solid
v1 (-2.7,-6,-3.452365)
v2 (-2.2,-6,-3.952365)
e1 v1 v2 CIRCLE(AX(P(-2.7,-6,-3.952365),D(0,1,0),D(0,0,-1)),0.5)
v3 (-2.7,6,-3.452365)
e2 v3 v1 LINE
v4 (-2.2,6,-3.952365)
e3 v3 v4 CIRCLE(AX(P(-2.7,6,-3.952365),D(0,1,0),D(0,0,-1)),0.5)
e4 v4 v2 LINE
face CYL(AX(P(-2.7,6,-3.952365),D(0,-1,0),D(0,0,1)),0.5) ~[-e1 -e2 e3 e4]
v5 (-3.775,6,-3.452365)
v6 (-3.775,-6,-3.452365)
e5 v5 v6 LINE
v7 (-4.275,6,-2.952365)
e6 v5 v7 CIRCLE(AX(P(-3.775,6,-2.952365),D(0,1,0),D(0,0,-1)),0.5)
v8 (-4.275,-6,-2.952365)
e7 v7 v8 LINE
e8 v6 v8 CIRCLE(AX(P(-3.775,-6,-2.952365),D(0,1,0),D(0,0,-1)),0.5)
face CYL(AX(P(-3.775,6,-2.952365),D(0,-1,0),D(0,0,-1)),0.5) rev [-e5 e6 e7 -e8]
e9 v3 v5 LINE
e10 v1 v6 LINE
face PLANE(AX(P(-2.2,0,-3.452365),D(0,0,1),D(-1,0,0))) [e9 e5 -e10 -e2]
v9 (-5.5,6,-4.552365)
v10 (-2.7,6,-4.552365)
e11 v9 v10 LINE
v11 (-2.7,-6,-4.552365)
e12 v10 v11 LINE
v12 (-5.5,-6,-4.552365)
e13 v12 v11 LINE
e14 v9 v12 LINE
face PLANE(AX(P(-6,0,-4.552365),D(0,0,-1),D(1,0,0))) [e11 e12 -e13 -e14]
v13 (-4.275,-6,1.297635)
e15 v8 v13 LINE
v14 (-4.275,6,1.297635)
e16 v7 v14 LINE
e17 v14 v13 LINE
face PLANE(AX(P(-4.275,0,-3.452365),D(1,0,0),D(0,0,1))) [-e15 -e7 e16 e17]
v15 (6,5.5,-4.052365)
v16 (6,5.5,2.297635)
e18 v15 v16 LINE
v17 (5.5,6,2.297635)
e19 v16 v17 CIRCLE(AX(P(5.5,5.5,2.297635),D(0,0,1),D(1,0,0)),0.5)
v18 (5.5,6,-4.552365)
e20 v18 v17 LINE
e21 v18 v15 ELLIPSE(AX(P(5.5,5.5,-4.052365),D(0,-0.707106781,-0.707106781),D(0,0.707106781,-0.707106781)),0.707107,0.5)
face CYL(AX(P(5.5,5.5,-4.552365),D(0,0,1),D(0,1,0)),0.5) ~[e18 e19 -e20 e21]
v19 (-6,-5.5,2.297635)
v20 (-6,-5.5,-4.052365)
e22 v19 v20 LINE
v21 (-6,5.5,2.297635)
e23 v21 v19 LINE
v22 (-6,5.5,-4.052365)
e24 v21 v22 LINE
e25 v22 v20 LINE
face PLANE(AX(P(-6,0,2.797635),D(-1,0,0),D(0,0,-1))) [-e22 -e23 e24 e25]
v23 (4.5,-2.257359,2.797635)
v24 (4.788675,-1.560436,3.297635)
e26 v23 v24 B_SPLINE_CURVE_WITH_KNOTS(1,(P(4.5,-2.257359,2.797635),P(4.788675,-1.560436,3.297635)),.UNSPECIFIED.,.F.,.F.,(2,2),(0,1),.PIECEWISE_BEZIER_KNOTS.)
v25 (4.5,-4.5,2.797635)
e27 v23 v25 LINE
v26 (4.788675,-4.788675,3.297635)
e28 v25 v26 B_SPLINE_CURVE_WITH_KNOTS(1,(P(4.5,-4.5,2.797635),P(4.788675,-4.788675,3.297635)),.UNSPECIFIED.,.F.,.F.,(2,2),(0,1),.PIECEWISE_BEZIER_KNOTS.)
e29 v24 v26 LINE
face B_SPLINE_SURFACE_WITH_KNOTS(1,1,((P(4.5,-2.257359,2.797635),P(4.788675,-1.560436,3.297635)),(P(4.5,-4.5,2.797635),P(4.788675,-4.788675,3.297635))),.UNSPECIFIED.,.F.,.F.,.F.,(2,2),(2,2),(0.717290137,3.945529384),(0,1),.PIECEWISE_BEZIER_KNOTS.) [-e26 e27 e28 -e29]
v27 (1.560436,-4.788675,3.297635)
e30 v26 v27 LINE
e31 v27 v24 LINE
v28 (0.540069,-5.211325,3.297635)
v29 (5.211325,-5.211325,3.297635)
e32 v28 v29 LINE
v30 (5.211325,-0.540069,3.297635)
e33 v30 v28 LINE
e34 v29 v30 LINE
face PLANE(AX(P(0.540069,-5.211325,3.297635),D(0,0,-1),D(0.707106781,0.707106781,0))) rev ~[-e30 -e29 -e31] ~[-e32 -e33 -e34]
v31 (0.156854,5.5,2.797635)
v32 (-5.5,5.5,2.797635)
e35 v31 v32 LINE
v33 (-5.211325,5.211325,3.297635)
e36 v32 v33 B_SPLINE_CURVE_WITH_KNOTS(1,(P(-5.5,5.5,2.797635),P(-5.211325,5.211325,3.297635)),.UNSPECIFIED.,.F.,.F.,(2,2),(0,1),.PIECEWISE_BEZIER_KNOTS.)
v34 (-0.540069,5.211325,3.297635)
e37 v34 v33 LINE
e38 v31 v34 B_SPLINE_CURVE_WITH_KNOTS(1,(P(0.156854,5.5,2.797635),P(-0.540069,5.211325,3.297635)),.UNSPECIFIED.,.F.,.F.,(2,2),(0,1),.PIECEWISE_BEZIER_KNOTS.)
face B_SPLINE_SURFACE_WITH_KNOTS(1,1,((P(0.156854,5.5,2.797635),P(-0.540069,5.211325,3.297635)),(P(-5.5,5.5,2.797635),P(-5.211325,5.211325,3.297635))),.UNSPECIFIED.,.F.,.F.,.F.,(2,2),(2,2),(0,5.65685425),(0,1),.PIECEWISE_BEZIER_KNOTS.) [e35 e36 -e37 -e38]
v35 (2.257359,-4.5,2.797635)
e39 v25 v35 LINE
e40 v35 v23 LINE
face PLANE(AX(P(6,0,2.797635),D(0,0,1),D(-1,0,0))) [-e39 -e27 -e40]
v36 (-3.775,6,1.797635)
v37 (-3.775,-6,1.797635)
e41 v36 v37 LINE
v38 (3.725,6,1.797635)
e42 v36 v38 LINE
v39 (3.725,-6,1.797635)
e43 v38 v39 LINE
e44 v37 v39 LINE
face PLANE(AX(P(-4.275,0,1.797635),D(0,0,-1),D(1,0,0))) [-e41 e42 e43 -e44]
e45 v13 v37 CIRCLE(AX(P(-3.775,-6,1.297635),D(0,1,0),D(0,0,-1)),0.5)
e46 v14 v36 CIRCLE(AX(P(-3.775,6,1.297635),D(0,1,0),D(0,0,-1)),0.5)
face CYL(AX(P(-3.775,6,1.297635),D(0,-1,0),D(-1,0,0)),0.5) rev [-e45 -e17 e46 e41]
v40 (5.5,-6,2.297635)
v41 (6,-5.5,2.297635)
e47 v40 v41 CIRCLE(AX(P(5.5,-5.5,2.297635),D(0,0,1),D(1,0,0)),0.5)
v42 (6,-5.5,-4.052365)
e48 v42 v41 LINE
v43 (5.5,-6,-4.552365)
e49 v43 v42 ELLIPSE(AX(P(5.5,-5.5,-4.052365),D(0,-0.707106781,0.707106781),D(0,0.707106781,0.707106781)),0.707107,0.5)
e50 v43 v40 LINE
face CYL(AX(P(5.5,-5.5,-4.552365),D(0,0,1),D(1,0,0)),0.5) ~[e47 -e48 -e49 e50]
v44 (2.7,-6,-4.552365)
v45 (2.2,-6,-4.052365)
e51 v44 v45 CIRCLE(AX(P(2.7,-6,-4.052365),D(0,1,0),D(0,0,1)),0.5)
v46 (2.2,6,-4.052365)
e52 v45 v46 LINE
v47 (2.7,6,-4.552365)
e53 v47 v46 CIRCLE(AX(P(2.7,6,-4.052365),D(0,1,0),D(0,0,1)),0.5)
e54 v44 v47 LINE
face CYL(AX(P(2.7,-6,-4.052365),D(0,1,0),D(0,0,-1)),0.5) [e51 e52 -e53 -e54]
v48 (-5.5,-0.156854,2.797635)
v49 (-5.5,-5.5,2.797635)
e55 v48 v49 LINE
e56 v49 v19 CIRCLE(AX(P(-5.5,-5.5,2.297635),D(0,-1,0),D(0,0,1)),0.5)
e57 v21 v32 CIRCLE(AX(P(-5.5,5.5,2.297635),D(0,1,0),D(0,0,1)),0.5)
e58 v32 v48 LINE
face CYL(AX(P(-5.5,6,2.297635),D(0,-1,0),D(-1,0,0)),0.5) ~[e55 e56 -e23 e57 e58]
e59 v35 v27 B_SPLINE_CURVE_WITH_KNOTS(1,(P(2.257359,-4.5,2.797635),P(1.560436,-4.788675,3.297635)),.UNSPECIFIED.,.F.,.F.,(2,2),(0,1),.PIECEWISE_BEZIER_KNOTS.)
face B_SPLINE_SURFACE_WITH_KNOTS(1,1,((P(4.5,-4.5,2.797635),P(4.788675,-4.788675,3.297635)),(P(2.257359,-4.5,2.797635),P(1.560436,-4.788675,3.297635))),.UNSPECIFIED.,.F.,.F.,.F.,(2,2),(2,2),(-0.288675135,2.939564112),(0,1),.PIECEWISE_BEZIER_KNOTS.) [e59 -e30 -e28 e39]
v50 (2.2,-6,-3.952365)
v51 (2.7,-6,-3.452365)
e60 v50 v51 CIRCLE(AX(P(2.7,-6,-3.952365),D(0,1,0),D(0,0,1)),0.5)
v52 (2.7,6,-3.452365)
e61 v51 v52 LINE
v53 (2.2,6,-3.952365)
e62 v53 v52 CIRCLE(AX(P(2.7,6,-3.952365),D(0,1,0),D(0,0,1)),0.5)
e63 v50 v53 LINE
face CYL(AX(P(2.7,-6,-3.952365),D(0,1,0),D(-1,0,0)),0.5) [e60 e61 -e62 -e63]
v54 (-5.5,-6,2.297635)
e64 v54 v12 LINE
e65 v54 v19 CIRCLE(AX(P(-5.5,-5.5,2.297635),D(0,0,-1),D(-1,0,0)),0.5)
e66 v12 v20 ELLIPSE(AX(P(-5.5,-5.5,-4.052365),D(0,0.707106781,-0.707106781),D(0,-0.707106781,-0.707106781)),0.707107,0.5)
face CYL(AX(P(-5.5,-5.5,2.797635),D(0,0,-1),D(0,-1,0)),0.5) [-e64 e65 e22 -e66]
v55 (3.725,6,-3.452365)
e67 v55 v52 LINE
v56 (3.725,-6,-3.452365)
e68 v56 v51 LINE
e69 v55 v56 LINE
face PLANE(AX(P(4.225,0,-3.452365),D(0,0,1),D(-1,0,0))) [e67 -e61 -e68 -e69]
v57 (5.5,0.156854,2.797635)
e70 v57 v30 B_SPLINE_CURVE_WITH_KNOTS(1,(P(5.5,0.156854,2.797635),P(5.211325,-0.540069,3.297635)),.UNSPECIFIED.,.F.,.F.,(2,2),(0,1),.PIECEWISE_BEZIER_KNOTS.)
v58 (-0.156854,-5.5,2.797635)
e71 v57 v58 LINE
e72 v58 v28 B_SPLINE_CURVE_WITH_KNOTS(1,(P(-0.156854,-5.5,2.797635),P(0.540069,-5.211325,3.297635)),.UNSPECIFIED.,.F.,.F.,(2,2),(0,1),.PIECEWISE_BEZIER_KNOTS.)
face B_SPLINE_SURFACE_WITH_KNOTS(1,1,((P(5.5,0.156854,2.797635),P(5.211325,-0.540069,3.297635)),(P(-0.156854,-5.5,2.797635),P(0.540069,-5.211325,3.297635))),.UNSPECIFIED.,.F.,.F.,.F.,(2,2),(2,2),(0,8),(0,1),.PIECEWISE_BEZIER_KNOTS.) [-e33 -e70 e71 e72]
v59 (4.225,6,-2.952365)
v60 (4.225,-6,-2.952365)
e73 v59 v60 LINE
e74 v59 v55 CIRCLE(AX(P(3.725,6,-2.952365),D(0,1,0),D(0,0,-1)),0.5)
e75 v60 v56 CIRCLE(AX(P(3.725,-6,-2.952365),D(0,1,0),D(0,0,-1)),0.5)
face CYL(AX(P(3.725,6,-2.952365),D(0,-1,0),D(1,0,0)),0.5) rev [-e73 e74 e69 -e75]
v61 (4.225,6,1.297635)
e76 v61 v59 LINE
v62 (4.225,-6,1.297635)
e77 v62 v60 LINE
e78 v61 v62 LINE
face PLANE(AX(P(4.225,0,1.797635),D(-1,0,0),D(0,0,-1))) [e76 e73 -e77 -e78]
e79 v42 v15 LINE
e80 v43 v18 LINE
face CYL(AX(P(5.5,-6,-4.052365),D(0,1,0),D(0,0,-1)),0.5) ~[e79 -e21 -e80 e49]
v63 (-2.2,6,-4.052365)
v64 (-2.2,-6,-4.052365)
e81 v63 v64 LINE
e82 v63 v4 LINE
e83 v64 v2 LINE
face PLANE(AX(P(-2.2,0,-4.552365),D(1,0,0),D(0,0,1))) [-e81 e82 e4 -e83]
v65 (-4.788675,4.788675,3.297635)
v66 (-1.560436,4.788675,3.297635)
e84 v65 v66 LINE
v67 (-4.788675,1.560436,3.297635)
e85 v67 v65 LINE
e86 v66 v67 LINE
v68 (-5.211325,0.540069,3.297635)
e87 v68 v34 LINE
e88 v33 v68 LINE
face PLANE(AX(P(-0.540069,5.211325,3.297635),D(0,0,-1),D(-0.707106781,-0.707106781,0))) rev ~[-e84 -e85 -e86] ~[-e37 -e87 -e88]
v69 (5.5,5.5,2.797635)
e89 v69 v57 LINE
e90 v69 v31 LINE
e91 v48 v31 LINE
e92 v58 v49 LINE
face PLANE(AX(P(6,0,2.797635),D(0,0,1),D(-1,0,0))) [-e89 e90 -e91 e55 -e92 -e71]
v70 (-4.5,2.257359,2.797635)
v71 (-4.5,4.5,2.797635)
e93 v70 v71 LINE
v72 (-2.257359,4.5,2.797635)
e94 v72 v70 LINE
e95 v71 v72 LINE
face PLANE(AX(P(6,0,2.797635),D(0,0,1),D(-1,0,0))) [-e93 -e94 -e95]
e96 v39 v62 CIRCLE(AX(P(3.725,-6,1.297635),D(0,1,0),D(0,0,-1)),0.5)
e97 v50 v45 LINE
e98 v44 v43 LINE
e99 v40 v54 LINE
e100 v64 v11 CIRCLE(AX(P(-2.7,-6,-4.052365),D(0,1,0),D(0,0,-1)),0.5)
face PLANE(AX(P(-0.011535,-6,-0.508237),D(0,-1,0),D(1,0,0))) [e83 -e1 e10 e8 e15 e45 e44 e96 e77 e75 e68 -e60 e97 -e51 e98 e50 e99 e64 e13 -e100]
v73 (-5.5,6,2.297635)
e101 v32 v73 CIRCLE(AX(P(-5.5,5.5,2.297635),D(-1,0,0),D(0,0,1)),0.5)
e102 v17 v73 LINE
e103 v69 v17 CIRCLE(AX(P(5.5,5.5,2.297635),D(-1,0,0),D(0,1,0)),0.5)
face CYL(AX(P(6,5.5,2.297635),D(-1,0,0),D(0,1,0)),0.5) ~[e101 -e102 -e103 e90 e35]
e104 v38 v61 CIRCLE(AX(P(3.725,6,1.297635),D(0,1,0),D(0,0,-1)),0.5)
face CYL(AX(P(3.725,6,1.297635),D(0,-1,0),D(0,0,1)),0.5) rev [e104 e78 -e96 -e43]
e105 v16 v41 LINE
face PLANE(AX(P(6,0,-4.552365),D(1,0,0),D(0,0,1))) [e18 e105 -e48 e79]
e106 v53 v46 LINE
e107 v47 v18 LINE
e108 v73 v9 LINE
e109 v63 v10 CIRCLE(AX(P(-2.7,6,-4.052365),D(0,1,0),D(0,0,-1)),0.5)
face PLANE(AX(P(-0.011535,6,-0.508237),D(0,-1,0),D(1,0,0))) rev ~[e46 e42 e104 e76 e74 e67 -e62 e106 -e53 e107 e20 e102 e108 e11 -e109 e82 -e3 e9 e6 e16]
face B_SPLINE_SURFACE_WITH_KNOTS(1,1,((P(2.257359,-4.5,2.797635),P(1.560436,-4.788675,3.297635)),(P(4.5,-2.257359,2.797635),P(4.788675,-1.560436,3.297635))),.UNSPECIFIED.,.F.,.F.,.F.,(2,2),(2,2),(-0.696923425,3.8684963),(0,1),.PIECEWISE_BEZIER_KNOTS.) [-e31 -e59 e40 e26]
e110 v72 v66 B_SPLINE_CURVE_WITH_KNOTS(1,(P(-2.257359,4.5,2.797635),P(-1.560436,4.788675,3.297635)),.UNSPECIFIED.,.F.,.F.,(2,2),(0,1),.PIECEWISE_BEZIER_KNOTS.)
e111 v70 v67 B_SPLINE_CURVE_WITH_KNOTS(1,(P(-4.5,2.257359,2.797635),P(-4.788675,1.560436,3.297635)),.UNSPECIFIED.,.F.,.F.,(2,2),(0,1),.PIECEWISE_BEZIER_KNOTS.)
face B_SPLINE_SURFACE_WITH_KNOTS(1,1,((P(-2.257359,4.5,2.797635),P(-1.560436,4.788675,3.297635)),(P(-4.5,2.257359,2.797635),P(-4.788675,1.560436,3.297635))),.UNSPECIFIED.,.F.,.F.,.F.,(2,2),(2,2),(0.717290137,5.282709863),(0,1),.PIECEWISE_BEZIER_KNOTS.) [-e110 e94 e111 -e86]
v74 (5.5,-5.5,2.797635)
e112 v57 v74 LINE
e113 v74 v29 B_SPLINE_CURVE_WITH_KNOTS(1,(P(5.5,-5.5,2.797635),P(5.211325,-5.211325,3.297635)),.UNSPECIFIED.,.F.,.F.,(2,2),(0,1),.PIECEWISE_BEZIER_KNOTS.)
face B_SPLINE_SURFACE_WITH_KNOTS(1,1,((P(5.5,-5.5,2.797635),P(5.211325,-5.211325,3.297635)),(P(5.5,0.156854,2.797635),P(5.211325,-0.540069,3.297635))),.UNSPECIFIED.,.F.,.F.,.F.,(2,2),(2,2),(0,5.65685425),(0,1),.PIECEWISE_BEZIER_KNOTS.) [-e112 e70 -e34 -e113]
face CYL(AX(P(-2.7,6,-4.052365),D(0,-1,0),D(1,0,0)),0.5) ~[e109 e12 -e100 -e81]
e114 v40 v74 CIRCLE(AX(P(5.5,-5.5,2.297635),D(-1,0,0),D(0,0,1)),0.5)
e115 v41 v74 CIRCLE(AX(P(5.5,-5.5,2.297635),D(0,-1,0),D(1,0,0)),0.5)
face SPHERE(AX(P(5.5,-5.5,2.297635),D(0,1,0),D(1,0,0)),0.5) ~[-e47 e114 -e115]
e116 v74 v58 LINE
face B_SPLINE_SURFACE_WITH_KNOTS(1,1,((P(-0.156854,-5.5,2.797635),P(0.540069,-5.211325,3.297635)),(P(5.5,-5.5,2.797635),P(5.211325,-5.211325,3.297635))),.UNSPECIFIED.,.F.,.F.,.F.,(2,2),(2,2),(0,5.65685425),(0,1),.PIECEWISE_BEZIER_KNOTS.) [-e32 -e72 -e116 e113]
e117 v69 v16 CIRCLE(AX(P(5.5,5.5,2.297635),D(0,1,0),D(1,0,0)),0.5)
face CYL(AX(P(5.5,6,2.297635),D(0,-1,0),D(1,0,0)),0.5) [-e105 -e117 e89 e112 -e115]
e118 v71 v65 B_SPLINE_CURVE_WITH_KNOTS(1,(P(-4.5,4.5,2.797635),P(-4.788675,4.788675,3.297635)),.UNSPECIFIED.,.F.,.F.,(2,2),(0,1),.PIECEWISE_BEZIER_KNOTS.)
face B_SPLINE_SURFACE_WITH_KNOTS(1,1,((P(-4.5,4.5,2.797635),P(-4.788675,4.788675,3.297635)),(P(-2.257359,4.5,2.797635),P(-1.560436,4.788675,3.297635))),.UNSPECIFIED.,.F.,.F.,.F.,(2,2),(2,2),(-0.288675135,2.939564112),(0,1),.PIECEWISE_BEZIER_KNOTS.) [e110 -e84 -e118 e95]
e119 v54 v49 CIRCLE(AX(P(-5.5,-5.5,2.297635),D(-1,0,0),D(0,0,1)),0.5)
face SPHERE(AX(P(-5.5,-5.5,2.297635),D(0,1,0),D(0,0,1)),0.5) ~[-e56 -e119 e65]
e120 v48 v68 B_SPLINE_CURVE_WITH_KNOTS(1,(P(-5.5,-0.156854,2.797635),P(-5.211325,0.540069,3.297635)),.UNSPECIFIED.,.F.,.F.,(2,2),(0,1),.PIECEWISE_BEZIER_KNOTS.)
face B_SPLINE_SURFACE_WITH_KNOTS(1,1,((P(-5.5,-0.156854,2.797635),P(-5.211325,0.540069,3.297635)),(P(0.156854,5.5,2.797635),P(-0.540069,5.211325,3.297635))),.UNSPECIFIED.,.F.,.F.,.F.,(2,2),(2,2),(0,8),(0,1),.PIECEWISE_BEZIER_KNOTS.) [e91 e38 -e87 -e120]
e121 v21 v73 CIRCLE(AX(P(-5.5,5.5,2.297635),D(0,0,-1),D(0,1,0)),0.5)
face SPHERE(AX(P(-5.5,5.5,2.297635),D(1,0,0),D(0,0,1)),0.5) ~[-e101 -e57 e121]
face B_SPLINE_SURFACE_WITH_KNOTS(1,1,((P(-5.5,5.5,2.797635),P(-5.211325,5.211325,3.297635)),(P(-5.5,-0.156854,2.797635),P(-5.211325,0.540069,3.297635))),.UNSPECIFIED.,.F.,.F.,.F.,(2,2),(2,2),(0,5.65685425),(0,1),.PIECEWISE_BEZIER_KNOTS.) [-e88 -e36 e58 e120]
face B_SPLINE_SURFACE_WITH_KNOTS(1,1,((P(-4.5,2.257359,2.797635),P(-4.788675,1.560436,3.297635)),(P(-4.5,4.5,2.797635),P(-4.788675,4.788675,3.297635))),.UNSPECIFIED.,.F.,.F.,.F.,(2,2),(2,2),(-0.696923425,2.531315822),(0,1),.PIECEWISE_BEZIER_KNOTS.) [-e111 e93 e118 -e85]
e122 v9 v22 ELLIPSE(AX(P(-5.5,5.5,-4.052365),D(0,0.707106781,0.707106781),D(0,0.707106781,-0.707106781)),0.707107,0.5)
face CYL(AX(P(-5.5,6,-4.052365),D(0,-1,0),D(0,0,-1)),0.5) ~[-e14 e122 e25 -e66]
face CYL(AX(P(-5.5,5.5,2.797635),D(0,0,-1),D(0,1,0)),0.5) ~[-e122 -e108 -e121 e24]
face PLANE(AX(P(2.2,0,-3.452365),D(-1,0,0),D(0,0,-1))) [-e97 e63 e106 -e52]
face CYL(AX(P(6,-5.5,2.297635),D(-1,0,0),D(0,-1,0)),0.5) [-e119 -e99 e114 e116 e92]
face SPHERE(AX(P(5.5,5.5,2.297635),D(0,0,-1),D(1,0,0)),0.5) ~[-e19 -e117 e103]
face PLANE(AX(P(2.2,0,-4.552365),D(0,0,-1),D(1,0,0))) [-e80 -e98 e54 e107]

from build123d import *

# Parameters (mm, degrees)
F1_DEPTH = 6
F2_R     = 0.5
F3_R     = 0.5
F5_DEPTH = 0.5
F5_TAPER = 30
F6_R     = 0.5


with BuildPart() as f1:
    # F0 (on Front) → F1 (new body, symmetric)
    with BuildSketch(Plane.XZ):
        Polygon((6, -4.5523648744), (6, 2.7976351256), (-6, 2.7976351256), (-6, -4.5523648744), (-2.2, -4.5523648744), (-2.2, -3.4523648744), (-4.275, -3.4523648744), (-4.275, 1.7976351256), (4.225, 1.7976351256), (4.225, -3.4523648744), (2.2, -3.4523648744), (2.2, -4.5523648744), align=None)
    extrude(amount=F1_DEPTH, both=True)

    # F2
    f2_edges = [f1.edges().sort_by_distance(p)[0] for p in [
        (-2.2, 0, -4.552365),
        (2.2, 0, -4.552365),
        (-2.2, 0, -3.452365),
        (2.2, 0, -3.452365),
    ]]
    fillet(f2_edges, radius=F2_R)

    # F3
    f3_edges = [f1.edges().sort_by_distance(p)[0] for p in [
        (6, 0, -4.552365),
        (6, 6, -0.877365),
        (6, 0, 2.797635),
        (6, -6, -0.877365),
        (0, 6, 2.797635),
        (-6, 0, 2.797635),
        (0, -6, 2.797635),
        (-6, 6, -0.877365),
        (-6, 0, -4.552365),
        (-6, -6, -0.877365),
    ]]
    fillet(f3_edges, radius=F3_R)

    # F4 (on face) → F5 (join)
    with BuildSketch(Plane.XY.offset(2.7976351256)):
        Polygon((-0.8431457505, 4.5), (0.1568542495, 5.5), (-1.2573593129, 5.5), (-2.2573593129, 4.5), align=None)
        Polygon((-4.5, 0.8431457505), (-0.8431457505, 4.5), (-2.2573593129, 4.5), (-4.5, 2.2573593129), align=None)
        Polygon((-5.5, 1.2573593129), (-5.5, -0.1568542495), (-4.5, 0.8431457505), (-4.5, 2.2573593129), align=None)
        Polygon((-0.1568542495, -5.5), (5.5, -5.5), (5.5, 0.1568542495), (4.5, -0.8431457505), (4.5, -2.2573593129), (4.5, -4.5), (2.2573593129, -4.5), (0.8431457505, -4.5), align=None)
        Polygon((-2.2573593129, 4.5), (-1.2573593129, 5.5), (-5.5, 5.5), (-5.5, 1.2573593129), (-4.5, 2.2573593129), (-4.5, 4.5), align=None)
        Polygon((4.5, -2.2573593129), (4.5, -0.8431457505), (0.8431457505, -4.5), (2.2573593129, -4.5), align=None)
    extrude(amount=F5_DEPTH, taper=F5_TAPER)

    # F6
    f6_edges = [f1.edges().sort_by_distance(p)[0] for p in [
        (-4.275, 0, 1.797635),
        (4.225, 0, 1.797635),
        (-4.275, 0, -3.452365),
        (4.225, 0, -3.452365),
    ]]
    fillet(f6_edges, radius=F6_R)


solid = f1.part
